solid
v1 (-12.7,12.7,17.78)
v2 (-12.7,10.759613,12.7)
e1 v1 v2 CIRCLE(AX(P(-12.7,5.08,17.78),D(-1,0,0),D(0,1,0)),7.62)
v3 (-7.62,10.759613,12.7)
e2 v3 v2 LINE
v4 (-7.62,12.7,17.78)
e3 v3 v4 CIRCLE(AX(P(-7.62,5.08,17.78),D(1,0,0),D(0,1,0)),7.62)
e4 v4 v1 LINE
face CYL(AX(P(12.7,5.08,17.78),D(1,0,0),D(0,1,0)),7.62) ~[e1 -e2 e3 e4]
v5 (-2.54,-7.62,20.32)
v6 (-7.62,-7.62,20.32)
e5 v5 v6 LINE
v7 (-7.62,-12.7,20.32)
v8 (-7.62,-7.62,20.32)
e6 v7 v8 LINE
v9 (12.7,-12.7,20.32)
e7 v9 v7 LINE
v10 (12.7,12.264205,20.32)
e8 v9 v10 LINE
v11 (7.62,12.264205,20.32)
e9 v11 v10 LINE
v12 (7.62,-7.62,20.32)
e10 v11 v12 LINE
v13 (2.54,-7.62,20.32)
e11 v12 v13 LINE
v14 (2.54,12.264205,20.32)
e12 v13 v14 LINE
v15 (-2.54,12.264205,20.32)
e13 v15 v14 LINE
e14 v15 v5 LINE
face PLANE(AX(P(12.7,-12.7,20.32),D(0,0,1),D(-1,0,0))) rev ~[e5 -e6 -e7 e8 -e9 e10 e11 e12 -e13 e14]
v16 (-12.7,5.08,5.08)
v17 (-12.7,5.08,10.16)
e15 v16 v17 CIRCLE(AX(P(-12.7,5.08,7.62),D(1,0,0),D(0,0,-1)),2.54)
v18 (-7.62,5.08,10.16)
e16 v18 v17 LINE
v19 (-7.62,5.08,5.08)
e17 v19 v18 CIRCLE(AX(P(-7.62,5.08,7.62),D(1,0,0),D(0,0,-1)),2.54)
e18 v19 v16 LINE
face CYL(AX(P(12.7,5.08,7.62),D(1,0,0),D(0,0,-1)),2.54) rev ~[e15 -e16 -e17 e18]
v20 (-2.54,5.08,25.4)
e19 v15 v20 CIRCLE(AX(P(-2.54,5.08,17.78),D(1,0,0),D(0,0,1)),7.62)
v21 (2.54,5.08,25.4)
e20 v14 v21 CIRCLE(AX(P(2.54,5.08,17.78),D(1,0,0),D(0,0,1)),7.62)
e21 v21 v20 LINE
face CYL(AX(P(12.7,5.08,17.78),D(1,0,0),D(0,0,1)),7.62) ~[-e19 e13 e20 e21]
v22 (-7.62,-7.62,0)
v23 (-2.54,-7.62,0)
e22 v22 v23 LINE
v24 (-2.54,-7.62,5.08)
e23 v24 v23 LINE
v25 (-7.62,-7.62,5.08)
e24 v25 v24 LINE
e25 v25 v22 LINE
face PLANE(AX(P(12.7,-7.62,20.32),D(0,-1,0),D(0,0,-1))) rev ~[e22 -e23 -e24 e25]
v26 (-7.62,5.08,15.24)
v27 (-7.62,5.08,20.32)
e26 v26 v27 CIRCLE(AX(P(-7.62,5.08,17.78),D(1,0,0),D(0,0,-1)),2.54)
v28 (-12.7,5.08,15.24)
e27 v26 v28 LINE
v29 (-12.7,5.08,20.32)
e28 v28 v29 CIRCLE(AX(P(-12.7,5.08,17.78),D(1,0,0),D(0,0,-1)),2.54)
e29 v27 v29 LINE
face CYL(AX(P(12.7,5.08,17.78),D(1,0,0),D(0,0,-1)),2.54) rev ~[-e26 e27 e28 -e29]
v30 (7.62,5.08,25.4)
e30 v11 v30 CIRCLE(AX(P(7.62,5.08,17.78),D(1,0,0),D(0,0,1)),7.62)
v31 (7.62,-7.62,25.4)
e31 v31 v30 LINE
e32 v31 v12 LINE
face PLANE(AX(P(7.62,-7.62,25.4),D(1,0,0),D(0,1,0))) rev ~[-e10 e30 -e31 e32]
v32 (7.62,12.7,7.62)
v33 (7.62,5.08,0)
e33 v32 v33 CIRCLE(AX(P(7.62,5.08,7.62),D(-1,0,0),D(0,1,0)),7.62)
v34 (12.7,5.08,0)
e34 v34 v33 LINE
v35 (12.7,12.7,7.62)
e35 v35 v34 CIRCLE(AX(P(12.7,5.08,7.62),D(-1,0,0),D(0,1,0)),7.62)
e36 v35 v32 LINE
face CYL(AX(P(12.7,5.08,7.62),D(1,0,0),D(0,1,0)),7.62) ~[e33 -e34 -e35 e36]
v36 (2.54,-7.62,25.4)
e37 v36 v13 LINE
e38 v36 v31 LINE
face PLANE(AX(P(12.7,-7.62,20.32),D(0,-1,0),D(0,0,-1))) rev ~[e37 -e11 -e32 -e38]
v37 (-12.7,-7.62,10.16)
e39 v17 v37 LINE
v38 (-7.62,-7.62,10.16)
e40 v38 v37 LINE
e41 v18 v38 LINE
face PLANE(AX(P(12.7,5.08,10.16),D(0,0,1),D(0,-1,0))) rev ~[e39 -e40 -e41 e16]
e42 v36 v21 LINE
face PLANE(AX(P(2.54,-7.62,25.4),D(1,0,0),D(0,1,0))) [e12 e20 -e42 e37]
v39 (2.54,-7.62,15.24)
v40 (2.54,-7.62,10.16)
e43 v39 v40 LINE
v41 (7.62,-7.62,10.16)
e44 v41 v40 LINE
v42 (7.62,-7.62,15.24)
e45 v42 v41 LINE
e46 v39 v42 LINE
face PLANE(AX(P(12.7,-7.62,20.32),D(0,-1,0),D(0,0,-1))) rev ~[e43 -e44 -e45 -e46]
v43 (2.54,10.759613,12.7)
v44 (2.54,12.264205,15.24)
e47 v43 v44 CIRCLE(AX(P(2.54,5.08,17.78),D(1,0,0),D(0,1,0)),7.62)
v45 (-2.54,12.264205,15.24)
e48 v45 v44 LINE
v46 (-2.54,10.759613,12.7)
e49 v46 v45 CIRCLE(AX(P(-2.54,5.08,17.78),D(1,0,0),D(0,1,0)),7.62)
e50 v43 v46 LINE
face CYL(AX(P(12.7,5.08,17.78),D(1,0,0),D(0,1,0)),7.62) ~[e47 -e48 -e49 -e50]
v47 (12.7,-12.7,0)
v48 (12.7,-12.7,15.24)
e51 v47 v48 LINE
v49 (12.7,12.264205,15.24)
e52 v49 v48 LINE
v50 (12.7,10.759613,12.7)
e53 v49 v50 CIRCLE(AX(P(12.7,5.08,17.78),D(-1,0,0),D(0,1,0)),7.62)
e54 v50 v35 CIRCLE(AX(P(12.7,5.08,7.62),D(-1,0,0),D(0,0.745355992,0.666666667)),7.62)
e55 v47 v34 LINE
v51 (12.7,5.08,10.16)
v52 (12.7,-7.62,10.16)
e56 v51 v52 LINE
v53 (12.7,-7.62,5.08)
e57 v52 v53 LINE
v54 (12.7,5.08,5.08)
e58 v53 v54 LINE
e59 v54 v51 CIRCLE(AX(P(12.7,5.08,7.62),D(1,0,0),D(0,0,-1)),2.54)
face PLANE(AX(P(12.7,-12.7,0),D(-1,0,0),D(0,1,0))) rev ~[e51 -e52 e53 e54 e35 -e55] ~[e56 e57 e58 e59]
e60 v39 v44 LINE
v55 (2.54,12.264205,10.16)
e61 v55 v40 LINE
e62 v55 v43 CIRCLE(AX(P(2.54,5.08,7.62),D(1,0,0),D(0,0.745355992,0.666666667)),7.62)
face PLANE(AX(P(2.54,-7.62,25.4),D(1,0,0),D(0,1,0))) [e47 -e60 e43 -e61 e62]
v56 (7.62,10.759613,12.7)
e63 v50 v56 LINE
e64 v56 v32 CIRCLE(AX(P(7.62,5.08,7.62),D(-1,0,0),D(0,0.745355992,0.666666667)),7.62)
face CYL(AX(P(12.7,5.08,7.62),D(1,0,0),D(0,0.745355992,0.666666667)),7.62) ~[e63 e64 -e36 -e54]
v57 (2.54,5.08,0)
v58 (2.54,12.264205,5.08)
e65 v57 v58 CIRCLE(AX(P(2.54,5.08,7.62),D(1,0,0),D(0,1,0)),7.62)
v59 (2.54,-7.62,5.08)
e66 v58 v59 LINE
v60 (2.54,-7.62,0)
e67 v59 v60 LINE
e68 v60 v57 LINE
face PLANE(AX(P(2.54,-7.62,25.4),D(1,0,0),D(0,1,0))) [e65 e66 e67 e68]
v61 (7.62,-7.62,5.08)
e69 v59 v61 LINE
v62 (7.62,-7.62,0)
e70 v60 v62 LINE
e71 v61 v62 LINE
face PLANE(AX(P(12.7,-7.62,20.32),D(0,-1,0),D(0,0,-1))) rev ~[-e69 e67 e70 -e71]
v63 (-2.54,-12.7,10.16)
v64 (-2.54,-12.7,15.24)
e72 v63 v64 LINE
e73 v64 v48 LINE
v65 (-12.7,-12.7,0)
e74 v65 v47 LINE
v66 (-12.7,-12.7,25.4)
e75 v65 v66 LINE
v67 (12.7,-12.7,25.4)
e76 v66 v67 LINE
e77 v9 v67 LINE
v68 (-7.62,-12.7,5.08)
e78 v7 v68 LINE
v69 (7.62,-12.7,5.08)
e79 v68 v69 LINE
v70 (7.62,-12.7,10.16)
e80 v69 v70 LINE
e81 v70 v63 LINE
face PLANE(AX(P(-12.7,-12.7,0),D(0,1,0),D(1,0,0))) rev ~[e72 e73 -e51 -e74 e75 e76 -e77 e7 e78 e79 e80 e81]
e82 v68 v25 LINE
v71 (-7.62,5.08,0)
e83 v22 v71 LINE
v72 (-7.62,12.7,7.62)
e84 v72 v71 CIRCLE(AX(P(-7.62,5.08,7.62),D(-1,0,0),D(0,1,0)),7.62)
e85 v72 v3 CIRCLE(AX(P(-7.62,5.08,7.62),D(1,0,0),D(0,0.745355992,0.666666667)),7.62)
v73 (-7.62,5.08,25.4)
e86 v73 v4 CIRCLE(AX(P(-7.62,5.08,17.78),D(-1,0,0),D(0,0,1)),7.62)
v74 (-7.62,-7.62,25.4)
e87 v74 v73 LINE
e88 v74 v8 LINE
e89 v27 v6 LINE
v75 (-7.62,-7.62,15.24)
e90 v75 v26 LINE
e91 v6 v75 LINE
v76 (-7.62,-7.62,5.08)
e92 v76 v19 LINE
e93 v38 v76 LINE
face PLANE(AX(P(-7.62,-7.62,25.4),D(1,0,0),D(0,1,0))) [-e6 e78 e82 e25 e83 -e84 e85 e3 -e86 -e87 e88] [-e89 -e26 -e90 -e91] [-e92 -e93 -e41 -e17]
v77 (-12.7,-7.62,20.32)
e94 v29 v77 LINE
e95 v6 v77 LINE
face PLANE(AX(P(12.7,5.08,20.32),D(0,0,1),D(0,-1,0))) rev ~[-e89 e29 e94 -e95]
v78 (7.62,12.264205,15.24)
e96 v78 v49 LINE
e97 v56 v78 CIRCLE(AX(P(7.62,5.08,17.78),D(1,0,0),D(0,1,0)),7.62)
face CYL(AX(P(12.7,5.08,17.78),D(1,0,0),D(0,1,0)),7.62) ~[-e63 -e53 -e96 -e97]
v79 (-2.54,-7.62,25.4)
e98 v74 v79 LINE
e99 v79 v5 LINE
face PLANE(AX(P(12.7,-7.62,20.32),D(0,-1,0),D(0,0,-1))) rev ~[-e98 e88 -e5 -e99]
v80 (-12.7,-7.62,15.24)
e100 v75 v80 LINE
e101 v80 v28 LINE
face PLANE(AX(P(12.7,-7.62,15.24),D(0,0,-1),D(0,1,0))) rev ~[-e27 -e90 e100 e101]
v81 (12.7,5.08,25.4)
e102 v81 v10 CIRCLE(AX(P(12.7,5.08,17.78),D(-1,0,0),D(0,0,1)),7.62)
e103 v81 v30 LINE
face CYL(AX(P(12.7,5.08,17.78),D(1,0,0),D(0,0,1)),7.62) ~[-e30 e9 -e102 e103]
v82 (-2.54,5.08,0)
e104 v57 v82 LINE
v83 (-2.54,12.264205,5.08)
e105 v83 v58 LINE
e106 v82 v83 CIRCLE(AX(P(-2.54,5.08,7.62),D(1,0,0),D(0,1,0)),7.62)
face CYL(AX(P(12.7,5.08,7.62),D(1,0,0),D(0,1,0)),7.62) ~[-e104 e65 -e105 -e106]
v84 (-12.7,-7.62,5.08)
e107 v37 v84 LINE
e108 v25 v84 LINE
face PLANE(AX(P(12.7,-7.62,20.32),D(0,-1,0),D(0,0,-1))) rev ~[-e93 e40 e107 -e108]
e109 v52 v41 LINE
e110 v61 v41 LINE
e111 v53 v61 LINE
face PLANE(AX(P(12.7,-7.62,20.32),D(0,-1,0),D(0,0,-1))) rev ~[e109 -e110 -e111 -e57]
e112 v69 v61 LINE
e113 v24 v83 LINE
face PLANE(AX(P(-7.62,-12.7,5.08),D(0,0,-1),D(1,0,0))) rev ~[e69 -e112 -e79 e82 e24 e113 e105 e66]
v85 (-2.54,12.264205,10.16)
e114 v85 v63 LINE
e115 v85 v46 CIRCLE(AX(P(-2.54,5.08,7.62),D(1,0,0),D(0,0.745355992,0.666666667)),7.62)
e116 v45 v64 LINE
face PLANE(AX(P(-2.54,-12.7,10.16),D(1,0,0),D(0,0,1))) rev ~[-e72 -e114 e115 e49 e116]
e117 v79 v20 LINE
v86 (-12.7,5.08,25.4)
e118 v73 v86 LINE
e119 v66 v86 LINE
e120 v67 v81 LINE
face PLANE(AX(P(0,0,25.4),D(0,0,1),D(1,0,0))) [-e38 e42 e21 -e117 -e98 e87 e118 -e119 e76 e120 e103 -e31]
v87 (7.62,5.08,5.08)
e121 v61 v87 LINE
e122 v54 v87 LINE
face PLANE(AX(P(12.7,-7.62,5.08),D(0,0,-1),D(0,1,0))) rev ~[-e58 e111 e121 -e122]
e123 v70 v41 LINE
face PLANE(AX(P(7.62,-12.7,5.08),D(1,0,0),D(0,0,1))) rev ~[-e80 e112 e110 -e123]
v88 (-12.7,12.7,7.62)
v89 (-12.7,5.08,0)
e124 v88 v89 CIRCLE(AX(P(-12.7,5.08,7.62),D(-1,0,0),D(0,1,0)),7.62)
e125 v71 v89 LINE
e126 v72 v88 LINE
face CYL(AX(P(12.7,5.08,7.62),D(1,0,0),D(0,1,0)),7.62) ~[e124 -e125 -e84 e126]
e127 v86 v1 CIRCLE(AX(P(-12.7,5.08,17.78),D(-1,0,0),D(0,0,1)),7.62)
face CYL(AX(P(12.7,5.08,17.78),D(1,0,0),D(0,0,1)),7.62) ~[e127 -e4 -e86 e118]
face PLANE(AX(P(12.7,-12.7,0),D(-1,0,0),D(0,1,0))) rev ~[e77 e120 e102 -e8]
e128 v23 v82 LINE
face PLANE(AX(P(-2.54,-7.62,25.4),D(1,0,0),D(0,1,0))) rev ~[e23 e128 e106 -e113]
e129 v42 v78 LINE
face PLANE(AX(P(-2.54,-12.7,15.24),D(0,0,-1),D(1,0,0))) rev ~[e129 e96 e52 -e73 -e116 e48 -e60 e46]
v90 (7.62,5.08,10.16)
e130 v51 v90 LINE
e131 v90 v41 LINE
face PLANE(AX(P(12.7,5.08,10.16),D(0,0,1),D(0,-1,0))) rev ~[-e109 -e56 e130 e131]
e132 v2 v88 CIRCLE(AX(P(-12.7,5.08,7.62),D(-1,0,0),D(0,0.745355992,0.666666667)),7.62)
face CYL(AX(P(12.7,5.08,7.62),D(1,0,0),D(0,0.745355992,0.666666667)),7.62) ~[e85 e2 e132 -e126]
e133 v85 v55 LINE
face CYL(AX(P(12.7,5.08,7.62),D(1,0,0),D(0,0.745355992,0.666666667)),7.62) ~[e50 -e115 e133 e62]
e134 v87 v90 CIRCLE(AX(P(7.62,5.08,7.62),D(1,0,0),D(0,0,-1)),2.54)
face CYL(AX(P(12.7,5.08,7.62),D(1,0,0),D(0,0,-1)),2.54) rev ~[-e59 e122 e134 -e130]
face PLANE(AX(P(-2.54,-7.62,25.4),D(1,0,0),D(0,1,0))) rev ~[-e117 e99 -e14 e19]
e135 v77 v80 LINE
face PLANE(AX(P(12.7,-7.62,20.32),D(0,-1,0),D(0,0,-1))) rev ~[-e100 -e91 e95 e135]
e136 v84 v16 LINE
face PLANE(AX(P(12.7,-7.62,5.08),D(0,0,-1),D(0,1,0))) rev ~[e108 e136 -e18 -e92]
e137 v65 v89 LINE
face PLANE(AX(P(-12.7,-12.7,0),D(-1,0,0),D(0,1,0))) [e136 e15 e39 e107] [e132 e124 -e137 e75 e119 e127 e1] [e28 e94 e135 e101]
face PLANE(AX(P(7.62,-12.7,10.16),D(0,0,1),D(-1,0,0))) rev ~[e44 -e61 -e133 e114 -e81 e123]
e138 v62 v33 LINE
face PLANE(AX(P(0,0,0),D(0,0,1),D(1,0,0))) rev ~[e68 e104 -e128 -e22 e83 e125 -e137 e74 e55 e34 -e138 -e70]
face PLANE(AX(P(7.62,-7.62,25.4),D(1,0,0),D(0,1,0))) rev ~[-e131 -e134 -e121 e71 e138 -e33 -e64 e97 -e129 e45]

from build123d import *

# Parameters (mm, degrees)
F0_W     = 25.4
F0_H     = 25.4
F1_DEPTH = 25.4
F2_W     = 5.08
F2_H     = 20.32
F3_DEPTH = 25.4
F5_DEPTH = 25.4
F7_DEPTH = 25.4


with BuildPart() as f1:
    # F0 (on Top) → F1 (new body)
    with BuildSketch(Plane.XY):
        Rectangle(F0_W, F0_H)
    extrude(amount=F1_DEPTH)

    # F2 (on face) → F3 (cut)
    with BuildSketch(Plane.XY.offset(25.4)):
        with Locations((-5.08, 2.54)):
            Rectangle(F2_W, F2_H)
        with Locations((5.08, 2.54)):
            Rectangle(F2_W, F2_H)
    extrude(amount=-F3_DEPTH, mode=Mode.SUBTRACT)

    # F4 (on face) → F5 (cut)
    with BuildSketch(Plane.YZ.offset(12.7)):
        with BuildLine():
            Line((5.08, 20.32), (-7.62, 20.32))
            Line((-7.62, 20.32), (-7.62, 15.24))
            Line((-7.62, 15.24), (5.08, 15.24))
            ThreePointArc((5.08, 15.24), (7.62, 17.78), (5.08, 20.32))
        make_face()
        with BuildLine():
            Line((5.08, 10.16), (-7.62, 10.16))
            Line((-7.62, 10.16), (-7.62, 5.08))
            Line((-7.62, 5.08), (5.08, 5.08))
            ThreePointArc((5.08, 5.08), (7.62, 7.62), (5.08, 10.16))
        make_face()
        with BuildLine():
            ThreePointArc((5.08, 25.4), (10.4681536726, 23.1681536726), (12.7, 17.78))
            Line((12.7, 17.78), (12.7, 25.4))
            Line((12.7, 25.4), (5.08, 25.4))
        make_face()
        with BuildLine():
            ThreePointArc((10.7596126628, 12.7), (12.1983933753, 10.3389843241), (12.7, 7.62))
            Line((12.7, 7.62), (12.7, 17.78))
            ThreePointArc((12.7, 17.78), (12.1983933753, 15.0610156759), (10.7596126628, 12.7))
        make_face()
        with BuildLine():
            ThreePointArc((12.7, 7.62), (10.4681536726, 2.2318463274), (5.08, 0))
            Line((5.08, 0), (12.7, 0))
            Line((12.7, 0), (12.7, 7.62))
        make_face()
    extrude(amount=-F5_DEPTH, mode=Mode.SUBTRACT)

    # F6 (on face) → F7 (cut)
    with BuildSketch(Plane.XZ.offset(12.7)):
        Polygon((12.7, 15.24), (12.7, 20.32), (-7.62, 20.32), (-7.62, 15.24), (-7.62, 5.08), (-2.54, 5.08), (7.62, 5.08), (7.62, 10.16), (-2.54, 10.16), (-2.54, 15.24), align=None)
    extrude(amount=-F7_DEPTH, mode=Mode.SUBTRACT)


solid = f1.part
